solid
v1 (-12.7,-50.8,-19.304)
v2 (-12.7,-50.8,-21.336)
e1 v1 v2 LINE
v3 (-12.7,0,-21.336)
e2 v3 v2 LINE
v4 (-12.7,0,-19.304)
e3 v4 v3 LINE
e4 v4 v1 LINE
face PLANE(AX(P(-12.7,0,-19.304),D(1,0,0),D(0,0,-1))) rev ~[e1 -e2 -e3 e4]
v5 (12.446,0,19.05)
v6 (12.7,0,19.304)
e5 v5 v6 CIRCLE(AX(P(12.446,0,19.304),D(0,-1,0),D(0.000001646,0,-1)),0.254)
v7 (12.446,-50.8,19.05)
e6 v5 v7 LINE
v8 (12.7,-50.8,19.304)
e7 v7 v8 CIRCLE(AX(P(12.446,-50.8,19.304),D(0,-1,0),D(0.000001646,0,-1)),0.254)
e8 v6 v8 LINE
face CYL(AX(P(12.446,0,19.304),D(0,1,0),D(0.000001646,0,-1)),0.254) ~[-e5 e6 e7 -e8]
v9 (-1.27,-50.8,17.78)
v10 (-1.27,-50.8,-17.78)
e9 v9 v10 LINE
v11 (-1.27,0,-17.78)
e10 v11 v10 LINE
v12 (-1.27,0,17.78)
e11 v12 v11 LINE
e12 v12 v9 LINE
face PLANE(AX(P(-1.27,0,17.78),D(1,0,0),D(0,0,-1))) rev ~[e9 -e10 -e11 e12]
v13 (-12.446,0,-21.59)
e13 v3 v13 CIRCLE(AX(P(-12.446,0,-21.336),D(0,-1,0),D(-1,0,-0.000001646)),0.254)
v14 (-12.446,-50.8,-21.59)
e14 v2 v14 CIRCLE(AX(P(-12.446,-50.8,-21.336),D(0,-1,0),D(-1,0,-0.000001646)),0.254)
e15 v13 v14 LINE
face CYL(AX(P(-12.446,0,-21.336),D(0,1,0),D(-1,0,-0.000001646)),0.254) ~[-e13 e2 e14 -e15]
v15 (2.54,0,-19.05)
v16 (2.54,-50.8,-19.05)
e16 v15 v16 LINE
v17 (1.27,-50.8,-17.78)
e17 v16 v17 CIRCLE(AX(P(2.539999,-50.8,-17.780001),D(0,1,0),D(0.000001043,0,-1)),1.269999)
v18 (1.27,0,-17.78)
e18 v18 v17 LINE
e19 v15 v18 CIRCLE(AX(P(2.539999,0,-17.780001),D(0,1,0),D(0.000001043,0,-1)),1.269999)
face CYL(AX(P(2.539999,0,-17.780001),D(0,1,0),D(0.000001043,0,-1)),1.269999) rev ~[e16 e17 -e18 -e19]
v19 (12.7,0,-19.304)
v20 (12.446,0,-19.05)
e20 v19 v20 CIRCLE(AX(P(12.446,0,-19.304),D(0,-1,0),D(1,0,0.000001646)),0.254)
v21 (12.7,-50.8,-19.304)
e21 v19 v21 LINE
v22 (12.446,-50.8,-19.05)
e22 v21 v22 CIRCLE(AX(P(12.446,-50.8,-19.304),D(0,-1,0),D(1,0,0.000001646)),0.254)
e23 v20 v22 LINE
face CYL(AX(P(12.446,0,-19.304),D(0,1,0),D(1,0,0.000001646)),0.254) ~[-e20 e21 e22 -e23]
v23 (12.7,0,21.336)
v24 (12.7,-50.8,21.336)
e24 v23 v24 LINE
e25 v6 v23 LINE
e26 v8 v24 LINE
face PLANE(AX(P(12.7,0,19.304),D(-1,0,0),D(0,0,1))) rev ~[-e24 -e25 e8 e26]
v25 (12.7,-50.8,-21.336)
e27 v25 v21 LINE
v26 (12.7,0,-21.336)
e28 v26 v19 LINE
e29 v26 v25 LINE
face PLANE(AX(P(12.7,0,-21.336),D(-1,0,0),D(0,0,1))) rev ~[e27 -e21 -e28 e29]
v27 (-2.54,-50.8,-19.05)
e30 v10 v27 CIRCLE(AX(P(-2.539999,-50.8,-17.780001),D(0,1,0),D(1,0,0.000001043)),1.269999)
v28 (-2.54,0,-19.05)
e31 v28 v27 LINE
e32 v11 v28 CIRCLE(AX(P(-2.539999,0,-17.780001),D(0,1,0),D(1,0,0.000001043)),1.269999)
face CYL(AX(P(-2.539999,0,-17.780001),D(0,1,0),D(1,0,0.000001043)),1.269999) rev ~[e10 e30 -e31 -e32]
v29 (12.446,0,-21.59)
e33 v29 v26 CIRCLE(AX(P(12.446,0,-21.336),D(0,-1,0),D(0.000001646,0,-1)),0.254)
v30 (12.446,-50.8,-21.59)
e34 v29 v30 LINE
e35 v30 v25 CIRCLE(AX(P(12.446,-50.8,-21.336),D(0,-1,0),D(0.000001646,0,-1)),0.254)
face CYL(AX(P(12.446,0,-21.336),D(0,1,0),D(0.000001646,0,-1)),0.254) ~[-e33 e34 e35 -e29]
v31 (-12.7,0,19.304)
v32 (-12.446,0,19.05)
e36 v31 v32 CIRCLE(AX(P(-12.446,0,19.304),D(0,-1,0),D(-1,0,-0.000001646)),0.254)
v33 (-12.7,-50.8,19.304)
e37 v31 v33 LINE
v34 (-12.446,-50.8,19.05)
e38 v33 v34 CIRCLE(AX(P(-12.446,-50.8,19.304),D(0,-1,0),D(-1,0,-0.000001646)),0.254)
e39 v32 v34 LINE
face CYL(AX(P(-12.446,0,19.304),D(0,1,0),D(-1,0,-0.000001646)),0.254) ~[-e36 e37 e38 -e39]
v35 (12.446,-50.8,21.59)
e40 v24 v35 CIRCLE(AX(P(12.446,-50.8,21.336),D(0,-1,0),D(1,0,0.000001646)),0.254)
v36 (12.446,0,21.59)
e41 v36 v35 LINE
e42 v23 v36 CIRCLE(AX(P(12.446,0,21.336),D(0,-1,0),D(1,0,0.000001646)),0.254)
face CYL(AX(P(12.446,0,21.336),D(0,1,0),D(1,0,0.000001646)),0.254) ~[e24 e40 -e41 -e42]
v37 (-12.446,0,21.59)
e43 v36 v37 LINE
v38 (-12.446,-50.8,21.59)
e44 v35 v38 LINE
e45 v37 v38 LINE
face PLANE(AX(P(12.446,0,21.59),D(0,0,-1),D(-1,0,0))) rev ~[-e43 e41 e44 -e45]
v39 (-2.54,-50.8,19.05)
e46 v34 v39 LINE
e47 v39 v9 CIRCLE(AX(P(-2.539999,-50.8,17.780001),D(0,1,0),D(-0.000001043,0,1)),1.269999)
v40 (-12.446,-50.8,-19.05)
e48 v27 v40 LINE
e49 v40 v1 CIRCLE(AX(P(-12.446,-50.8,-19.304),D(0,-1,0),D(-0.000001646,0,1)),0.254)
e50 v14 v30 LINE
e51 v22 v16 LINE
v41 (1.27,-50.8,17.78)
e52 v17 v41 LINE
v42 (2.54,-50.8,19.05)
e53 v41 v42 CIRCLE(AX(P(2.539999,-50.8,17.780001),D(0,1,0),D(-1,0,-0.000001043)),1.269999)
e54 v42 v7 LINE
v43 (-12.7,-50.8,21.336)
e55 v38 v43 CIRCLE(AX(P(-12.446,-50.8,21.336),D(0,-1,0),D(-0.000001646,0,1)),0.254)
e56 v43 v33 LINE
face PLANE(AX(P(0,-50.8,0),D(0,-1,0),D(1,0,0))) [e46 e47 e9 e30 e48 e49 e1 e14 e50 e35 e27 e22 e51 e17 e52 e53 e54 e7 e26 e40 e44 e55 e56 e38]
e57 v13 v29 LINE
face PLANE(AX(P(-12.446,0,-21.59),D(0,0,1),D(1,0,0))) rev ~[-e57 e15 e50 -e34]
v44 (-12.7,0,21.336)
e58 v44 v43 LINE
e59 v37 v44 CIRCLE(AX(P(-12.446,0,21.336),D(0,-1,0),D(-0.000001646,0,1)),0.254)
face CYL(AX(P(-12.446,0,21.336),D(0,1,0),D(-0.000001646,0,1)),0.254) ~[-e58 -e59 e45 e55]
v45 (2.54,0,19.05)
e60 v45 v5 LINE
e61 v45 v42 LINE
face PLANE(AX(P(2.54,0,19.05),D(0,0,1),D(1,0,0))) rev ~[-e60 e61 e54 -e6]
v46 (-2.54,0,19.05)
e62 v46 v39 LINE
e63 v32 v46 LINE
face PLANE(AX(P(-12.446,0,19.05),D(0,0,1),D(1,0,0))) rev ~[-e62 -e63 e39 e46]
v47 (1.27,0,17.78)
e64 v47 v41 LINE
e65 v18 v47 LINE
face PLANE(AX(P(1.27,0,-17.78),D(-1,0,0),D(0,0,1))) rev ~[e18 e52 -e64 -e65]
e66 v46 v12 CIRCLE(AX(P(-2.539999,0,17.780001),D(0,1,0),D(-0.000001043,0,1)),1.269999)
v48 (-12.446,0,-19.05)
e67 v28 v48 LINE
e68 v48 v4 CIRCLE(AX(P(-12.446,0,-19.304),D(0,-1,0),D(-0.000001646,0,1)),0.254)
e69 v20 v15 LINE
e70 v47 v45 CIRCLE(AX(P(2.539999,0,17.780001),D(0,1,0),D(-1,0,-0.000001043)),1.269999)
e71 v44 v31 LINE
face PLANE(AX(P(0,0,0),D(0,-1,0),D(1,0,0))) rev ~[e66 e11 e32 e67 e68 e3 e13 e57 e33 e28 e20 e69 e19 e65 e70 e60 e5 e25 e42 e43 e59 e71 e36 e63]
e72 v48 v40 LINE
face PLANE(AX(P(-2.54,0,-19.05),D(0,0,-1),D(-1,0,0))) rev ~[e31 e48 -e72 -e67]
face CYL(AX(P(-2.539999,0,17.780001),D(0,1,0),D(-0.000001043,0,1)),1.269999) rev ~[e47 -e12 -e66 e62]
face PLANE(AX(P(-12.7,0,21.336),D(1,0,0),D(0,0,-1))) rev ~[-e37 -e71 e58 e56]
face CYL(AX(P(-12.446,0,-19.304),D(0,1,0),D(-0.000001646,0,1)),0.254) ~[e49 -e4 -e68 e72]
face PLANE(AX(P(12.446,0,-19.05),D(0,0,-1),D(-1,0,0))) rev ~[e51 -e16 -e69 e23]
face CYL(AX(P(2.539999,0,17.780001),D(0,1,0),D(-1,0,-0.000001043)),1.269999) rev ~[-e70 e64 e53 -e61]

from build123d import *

# Parameters (mm, degrees)
F1_DEPTH = 50.8


with BuildPart() as f1:
    # F0 (on Front) → F1 (new body)
    with BuildSketch(Plane.XZ):
        with BuildLine():
            ThreePointArc((-12.7, 19.304), (-12.625605, 19.124395), (-12.446, 19.05))
            Line((-12.446, 19.05), (-2.54, 19.05))
            ThreePointArc((-2.54, 19.05), (-1.641974, 18.678026), (-1.27, 17.78))
            Line((-1.27, 17.78), (-1.27, -17.78))
            ThreePointArc((-1.27, -17.78), (-1.641974, -18.678026), (-2.54, -19.05))
            Line((-2.54, -19.05), (-12.446, -19.05))
            ThreePointArc((-12.446, -19.05), (-12.625605, -19.124395), (-12.7, -19.304))
            Line((-12.7, -19.304), (-12.7, -21.336))
            ThreePointArc((-12.7, -21.336), (-12.625605, -21.515605), (-12.446, -21.59))
            Line((-12.446, -21.59), (12.446, -21.59))
            ThreePointArc((12.446, -21.59), (12.625605, -21.515605), (12.7, -21.336))
            Line((12.7, -21.336), (12.7, -19.304))
            ThreePointArc((12.7, -19.304), (12.625605, -19.124395), (12.446, -19.05))
            Line((12.446, -19.05), (2.54, -19.05))
            ThreePointArc((2.54, -19.05), (1.641974, -18.678026), (1.27, -17.78))
            Line((1.27, -17.78), (1.27, 17.78))
            ThreePointArc((1.27, 17.78), (1.641974, 18.678026), (2.54, 19.05))
            Line((2.54, 19.05), (12.446, 19.05))
            ThreePointArc((12.446, 19.05), (12.625605, 19.124395), (12.7, 19.304))
            Line((12.7, 19.304), (12.7, 21.336))
            ThreePointArc((12.7, 21.336), (12.625605, 21.515605), (12.446, 21.59))
            Line((12.446, 21.59), (-12.446, 21.59))
            ThreePointArc((-12.446, 21.59), (-12.625605, 21.515605), (-12.7, 21.336))
            Line((-12.7, 21.336), (-12.7, 19.304))
        make_face()
    extrude(amount=F1_DEPTH)


solid = f1.part
